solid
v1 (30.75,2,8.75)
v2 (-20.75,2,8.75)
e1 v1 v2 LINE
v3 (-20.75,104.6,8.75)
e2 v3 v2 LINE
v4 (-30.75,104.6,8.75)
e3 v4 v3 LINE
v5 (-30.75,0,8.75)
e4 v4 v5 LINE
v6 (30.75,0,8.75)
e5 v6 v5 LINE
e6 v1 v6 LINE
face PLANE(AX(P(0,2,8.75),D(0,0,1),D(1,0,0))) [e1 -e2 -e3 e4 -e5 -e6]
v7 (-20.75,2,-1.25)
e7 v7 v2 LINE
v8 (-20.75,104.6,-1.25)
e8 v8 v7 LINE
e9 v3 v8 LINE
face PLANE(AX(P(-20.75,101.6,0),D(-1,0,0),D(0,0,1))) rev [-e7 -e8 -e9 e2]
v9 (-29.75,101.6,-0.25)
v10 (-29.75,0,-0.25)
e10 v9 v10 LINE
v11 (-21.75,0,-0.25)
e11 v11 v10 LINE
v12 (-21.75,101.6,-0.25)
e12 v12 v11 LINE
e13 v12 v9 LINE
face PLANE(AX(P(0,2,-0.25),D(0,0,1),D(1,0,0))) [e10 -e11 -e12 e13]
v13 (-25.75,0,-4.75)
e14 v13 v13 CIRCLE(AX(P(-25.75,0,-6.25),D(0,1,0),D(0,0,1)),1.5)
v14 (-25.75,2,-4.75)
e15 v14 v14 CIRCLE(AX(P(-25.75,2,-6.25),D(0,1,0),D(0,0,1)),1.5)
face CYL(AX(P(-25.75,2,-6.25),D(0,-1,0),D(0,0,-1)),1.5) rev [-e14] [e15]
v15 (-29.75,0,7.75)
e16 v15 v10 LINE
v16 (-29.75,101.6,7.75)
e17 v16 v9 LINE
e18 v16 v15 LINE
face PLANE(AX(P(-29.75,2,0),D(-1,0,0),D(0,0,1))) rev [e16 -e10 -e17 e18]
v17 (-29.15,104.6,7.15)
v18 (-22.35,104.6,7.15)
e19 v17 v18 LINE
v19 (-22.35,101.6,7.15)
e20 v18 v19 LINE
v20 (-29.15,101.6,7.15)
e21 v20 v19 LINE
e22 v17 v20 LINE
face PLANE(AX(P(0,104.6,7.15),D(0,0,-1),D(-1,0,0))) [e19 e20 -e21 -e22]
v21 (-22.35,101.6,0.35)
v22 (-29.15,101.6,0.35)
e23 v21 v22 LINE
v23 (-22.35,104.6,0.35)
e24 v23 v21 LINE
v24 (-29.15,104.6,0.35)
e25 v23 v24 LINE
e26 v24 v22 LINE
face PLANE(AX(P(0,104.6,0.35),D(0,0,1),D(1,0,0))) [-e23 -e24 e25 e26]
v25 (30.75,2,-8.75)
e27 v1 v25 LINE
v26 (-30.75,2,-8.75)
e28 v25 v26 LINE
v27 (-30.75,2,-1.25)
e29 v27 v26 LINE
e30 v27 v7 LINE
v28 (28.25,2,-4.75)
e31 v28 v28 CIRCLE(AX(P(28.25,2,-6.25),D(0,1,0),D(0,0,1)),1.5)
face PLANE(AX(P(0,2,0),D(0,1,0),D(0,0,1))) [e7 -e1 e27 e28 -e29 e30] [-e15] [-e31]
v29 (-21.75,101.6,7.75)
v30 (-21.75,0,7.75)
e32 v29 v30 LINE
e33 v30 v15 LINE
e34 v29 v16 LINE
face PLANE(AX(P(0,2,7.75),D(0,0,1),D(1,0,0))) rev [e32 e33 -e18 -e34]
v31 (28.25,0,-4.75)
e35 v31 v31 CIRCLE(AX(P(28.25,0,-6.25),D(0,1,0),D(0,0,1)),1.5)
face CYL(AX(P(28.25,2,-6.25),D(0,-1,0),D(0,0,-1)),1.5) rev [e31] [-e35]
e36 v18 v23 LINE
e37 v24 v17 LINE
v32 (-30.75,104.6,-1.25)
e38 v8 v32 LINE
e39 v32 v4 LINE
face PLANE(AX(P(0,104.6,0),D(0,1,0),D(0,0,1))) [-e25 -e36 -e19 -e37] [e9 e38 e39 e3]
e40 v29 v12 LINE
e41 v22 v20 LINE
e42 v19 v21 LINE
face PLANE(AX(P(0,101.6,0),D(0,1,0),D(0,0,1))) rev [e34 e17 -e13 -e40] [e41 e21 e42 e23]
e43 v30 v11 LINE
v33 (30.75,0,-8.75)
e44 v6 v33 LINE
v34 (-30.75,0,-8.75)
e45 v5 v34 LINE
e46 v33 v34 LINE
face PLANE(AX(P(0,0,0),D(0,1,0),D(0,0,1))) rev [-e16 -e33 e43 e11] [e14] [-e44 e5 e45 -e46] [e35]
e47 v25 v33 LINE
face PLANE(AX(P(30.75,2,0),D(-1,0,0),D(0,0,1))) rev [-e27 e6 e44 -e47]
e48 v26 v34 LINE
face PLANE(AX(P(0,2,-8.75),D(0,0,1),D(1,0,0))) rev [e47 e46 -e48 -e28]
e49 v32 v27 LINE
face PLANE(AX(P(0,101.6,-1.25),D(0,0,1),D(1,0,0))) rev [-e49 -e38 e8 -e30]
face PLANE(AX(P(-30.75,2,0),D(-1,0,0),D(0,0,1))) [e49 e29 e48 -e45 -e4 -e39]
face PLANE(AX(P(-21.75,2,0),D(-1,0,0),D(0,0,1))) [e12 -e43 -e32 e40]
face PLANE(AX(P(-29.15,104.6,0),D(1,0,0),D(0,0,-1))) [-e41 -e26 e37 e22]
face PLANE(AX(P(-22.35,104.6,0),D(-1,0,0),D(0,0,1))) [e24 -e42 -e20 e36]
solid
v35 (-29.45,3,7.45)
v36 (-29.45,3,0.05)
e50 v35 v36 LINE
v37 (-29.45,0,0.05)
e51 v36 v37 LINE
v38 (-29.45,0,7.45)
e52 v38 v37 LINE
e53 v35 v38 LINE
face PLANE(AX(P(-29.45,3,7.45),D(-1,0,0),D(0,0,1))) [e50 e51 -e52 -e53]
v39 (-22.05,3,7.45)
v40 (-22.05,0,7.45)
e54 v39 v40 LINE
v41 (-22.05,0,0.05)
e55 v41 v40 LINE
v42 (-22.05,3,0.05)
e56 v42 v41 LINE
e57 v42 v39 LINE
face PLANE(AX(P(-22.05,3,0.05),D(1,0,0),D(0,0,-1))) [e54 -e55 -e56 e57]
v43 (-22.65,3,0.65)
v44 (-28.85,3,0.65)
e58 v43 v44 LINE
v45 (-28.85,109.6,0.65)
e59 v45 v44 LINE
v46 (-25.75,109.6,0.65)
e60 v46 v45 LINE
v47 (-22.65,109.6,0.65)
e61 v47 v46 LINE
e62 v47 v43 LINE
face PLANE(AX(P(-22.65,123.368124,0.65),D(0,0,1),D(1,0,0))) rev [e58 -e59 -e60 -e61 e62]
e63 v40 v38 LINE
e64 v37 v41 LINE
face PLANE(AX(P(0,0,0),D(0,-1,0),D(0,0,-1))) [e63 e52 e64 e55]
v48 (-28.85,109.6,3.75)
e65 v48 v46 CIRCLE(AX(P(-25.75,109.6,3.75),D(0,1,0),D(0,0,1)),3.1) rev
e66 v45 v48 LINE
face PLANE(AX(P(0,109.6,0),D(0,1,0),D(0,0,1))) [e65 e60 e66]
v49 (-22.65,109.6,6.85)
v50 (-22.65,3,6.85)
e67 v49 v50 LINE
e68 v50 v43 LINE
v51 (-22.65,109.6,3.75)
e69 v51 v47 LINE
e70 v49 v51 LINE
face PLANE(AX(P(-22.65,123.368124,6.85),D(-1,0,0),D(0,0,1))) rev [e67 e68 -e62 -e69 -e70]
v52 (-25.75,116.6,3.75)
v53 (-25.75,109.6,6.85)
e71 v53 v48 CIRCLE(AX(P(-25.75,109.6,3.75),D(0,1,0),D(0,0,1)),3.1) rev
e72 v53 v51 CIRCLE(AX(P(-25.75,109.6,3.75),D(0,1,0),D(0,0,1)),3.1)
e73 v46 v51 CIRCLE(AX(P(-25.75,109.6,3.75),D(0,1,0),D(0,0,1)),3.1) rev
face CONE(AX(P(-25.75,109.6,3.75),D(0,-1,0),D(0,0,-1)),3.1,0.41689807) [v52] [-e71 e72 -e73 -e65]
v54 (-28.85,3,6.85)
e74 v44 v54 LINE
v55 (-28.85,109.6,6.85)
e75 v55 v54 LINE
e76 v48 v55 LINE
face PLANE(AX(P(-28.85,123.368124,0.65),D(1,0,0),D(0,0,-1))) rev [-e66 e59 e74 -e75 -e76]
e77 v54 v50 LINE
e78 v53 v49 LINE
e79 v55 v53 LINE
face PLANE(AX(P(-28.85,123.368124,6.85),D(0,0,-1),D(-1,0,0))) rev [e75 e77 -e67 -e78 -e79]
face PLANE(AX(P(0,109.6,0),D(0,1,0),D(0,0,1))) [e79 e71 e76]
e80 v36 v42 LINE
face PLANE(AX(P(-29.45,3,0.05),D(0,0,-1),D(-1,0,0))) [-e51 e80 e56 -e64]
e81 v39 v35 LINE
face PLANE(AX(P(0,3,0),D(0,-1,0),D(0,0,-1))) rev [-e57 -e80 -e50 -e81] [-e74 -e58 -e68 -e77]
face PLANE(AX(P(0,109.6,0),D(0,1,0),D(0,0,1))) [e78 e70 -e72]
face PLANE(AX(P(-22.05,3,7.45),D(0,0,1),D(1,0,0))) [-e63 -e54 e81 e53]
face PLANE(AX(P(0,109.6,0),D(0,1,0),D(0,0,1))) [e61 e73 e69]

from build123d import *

# Parameters (mm, degrees)
SKETCH1_R            = 1.5
SKETCH1_W            = 10
SKETCH1_H            = 10
SKETCH1_W_2          = 8
SKETCH1_H_2          = 8
BOSS_EXTRUDE5_DEPTH  = 2
SKETCH1_5_W          = 10
SKETCH1_5_H          = 10
SKETCH1_5_W_2        = 8
SKETCH1_5_H_2        = 8
BOSS_EXTRUDE6_DEPTH  = 101.6
SKETCH8_W            = 10
SKETCH8_H            = 10
SKETCH8_W_2          = 8
SKETCH8_H_2          = 8
SKETCH8_W_3          = 6.8
SKETCH8_H_3          = 6.8
BOSS_EXTRUDE11_DEPTH = 3
SKETCH9_W            = 7.4
SKETCH9_H            = 7.4
BOSS_EXTRUDE12_DEPTH = 3
SKETCH10_W           = 6.2
SKETCH10_H           = 6.2
BOSS_EXTRUDE13_DEPTH = 106.6


with BuildPart() as part:
    # Sketch1 → Boss-Extrude5 (new body)
    # profile 1 of 2: a face of its own
    with BuildSketch(Plane(origin=(0, 0, 0), x_dir=(1, 0, 0), z_dir=(0, 1, 0))):
        Polygon((-20.75, -8.75), (30.75, -8.75), (30.75, 8.75), (-30.75, 8.75), (-30.75, 1.25), (-20.75, 1.25), align=None)
        with Locations(Location((-25.75, 6.25, 0), (0, 0, 270))):
            Circle(SKETCH1_R, mode=Mode.SUBTRACT)
        with Locations(Location((28.25, 6.25, 0), (0, 0, 270))):
            Circle(SKETCH1_R, mode=Mode.SUBTRACT)
    # profile 2 of 2: a face of its own
    with BuildSketch(Plane(origin=(0, 0, 0), x_dir=(1, 0, 0), z_dir=(0, 1, 0))):
        with Locations((-25.75, -3.75)):
            Rectangle(SKETCH1_W, SKETCH1_H)
        with Locations((-25.75, -3.75)):
            Rectangle(SKETCH1_W_2, SKETCH1_H_2, mode=Mode.SUBTRACT)
    extrude(amount=BOSS_EXTRUDE5_DEPTH)

    # Sketch1<5> → Boss-Extrude6 (add)
    with BuildSketch(Plane(origin=(0, 0, 0), x_dir=(1, 0, 0), z_dir=(0, 1, 0))):
        with Locations((-25.75, -3.75)):
            Rectangle(SKETCH1_5_W, SKETCH1_5_H)
        with Locations((-25.75, -3.75)):
            Rectangle(SKETCH1_5_W_2, SKETCH1_5_H_2, mode=Mode.SUBTRACT)
    extrude(amount=BOSS_EXTRUDE6_DEPTH)

    # Sketch8 → Boss-Extrude11 (add)
    # profile 1 of 2: a face of its own
    with BuildSketch(Plane(origin=(0, 101.6, 0), x_dir=(1, 0, 0), z_dir=(0, 1, 0))):
        with Locations((-25.75, -3.75)):
            Rectangle(SKETCH8_W, SKETCH8_H)
        with Locations((-25.75, -3.75)):
            Rectangle(SKETCH8_W_2, SKETCH8_H_2, mode=Mode.SUBTRACT)
    # profile 2 of 2: a face of its own
    with BuildSketch(Plane(origin=(0, 101.6, 0), x_dir=(1, 0, 0), z_dir=(0, 1, 0))):
        with Locations((-25.75, -3.75)):
            Rectangle(SKETCH8_W_2, SKETCH8_H_2)
        with Locations((-25.75, -3.75)):
            Rectangle(SKETCH8_W_3, SKETCH8_H_3, mode=Mode.SUBTRACT)
    extrude(amount=BOSS_EXTRUDE11_DEPTH)


with BuildPart() as body_2:
    # Sketch9 → Boss-Extrude12 (new body)
    with BuildSketch(Plane.XZ):
        with Locations((-25.75, 3.75)):
            Rectangle(SKETCH9_W, SKETCH9_H)
    extrude(amount=-BOSS_EXTRUDE12_DEPTH)

    # Sketch10 → Boss-Extrude13 (add)
    with BuildSketch(Plane(origin=(0, 3, 0), x_dir=(1, 0, 0), z_dir=(0, 1, 0))):
        with Locations((-25.75, -3.75)):
            Rectangle(SKETCH10_W, SKETCH10_H)
    extrude(amount=BOSS_EXTRUDE13_DEPTH)

    # Sketch11 → Revolve2 (revolve)
    with BuildSketch(Plane(origin=(0, 0, 3.75), x_dir=(-1, 0, 0), z_dir=(0, 0, -1)), mode=Mode.PRIVATE) as revolve2_sk:
        Polygon((28.85, 109.6), (25.75, 116.6), (25.75, 109.6), align=None)
    revolve(revolve2_sk.sketch.rotate(Axis((-25.75, 116.6, 3.75), (0, -1, 0)), 90), axis=Axis((-25.75, 116.6, 3.75), (0, -1, 0)))


solid = Compound([part.part, body_2.part])
